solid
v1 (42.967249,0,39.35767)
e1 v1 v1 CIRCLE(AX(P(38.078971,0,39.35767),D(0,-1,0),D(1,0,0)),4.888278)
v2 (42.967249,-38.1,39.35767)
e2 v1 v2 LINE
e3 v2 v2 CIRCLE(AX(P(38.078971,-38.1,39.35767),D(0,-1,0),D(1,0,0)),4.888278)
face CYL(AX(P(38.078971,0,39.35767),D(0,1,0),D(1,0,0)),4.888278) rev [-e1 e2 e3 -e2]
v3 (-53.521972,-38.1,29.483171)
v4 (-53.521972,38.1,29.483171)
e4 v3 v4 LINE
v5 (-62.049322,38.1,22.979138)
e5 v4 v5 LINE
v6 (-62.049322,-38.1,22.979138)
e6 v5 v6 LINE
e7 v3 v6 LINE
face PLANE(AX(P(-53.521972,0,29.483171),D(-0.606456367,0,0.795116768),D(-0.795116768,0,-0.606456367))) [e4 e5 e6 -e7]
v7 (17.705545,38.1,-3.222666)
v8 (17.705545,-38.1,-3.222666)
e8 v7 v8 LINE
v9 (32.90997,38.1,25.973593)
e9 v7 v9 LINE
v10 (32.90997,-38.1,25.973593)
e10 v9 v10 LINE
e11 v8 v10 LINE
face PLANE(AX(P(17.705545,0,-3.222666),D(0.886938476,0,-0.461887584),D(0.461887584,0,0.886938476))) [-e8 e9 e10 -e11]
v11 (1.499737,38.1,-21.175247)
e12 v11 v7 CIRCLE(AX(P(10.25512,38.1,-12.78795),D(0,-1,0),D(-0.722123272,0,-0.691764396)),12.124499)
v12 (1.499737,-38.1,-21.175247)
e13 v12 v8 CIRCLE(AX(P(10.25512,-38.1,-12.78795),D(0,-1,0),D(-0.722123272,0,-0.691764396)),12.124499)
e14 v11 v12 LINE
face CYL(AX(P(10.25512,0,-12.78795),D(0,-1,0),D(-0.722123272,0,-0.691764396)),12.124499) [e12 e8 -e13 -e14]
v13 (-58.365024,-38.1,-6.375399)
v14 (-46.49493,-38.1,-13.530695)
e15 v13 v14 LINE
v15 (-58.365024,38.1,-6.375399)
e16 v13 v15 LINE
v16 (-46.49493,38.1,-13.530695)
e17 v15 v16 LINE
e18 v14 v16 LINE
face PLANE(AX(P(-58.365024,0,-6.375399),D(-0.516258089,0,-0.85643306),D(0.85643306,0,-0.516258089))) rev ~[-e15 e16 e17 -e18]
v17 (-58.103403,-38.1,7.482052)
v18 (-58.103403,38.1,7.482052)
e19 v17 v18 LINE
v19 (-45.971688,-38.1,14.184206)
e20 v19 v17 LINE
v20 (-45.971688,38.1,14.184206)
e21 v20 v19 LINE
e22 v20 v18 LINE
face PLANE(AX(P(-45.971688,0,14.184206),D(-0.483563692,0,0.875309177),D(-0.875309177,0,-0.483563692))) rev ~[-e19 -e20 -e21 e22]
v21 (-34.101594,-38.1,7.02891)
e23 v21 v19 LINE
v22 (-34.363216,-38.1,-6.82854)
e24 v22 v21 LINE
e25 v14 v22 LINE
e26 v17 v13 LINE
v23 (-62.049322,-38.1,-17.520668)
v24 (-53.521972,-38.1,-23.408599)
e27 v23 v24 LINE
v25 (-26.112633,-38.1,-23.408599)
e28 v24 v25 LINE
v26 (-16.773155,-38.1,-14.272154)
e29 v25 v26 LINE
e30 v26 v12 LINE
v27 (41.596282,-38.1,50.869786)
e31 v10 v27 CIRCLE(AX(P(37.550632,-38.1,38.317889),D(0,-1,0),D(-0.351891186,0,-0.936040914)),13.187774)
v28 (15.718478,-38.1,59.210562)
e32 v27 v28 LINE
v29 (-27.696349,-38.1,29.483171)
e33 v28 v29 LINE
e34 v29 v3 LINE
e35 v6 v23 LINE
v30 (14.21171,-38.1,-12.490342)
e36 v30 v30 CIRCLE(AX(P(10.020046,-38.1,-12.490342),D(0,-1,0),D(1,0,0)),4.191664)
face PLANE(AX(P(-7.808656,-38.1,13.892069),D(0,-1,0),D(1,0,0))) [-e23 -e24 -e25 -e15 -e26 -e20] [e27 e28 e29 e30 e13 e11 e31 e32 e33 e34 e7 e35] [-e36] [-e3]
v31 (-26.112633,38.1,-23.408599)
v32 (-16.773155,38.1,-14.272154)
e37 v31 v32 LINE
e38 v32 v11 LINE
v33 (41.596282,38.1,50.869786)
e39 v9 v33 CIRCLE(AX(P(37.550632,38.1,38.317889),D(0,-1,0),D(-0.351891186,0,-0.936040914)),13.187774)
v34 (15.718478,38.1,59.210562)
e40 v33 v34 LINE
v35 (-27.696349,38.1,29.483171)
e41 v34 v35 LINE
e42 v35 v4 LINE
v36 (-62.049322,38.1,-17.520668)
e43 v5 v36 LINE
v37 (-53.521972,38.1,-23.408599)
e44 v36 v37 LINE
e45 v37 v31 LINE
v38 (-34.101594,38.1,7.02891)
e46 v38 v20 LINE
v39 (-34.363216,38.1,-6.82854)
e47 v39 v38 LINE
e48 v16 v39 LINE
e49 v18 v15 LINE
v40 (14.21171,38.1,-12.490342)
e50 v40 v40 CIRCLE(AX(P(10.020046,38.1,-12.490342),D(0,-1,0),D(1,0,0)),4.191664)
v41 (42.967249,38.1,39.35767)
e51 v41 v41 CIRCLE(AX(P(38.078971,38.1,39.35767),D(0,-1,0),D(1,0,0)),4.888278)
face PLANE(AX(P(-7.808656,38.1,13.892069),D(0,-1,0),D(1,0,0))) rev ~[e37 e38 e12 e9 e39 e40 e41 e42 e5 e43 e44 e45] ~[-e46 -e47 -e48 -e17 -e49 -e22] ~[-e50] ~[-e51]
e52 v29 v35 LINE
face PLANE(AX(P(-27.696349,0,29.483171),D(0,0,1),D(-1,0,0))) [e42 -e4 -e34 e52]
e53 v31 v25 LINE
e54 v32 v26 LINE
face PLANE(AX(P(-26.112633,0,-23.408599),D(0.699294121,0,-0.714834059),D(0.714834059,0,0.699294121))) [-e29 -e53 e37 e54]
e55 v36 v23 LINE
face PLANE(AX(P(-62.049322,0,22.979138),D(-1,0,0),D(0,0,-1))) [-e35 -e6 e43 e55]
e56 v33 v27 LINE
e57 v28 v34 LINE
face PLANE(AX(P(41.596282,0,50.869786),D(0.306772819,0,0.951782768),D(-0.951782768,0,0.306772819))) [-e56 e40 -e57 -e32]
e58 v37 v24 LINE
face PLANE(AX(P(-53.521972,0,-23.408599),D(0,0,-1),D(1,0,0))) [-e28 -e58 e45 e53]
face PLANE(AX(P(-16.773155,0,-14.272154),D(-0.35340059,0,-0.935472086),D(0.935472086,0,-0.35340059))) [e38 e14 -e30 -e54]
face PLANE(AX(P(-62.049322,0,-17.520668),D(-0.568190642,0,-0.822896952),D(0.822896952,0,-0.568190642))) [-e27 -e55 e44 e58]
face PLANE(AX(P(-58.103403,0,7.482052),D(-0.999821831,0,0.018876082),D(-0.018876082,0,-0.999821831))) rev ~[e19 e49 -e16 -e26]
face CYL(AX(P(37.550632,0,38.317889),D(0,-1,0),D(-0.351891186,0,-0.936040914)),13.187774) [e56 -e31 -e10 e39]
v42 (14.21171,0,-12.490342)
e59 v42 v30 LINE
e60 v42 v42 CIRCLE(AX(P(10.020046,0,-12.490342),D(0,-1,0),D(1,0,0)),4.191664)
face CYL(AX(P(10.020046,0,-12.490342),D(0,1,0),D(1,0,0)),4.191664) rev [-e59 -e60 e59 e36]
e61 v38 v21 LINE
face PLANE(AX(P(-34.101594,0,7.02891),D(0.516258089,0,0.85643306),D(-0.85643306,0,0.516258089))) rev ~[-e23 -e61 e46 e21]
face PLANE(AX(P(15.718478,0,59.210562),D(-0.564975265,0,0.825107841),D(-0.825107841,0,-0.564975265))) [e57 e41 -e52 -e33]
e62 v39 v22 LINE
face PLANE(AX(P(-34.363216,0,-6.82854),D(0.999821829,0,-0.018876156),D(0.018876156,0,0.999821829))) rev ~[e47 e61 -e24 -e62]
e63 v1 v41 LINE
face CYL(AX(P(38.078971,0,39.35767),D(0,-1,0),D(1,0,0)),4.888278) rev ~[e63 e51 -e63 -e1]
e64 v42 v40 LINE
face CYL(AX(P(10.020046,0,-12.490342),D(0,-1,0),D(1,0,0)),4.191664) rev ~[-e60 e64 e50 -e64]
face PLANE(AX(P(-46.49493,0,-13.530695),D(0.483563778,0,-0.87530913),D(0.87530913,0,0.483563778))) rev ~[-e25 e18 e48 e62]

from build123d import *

# Parameters (mm, degrees)
F2_DEPTH = 38.1
F1_R     = 4.191664
F1_R_2   = 4.888278
F3_DEPTH = 38.1


with BuildPart() as f2:
    # F0 (on Front) → F2 (new body, symmetric)
    with BuildSketch(Plane.XZ):
        with BuildLine():
            Line((-53.521972, 29.483171), (-62.049322, 22.979138))
            Line((-62.049322, 22.979138), (-62.049322, -17.520668))
            Line((-62.049322, -17.520668), (-53.521972, -23.408599))
            Line((-53.521972, -23.408599), (-26.112633, -23.408599))
            Line((-26.112633, -23.408599), (-16.773155, -14.272154))
            Line((-16.773155, -14.272154), (1.499737, -21.175247))
            ThreePointArc((1.499737, -21.175247), (19.255094, -20.912232), (17.705545, -3.222666))
            Line((17.705545, -3.222666), (32.90997, 25.973593))
            ThreePointArc((32.90997, 25.973593), (50.002283, 33.973494), (41.596282, 50.869786))
            Line((41.596282, 50.869786), (15.718478, 59.210562))
            Line((15.718478, 59.210562), (-27.696349, 29.483171))
            Line((-27.696349, 29.483171), (-53.521972, 29.483171))
        make_face()
    extrude(amount=F2_DEPTH, both=True)

    # F1 (on face) → F3 (cut, symmetric)
    with BuildSketch(Plane.XZ):
        with Locations((10.020046, -12.490342)):
            Circle(F1_R)
        with Locations((38.078971, 39.35767)):
            Circle(F1_R_2)
        Polygon((-46.49493, -13.530695), (-34.363216, -6.82854), (-34.101594, 7.02891), (-45.971688, 14.184206), (-58.103403, 7.482052), (-58.365024, -6.375399), align=None)
    extrude(amount=F3_DEPTH, both=True, mode=Mode.SUBTRACT)


solid = f2.part
